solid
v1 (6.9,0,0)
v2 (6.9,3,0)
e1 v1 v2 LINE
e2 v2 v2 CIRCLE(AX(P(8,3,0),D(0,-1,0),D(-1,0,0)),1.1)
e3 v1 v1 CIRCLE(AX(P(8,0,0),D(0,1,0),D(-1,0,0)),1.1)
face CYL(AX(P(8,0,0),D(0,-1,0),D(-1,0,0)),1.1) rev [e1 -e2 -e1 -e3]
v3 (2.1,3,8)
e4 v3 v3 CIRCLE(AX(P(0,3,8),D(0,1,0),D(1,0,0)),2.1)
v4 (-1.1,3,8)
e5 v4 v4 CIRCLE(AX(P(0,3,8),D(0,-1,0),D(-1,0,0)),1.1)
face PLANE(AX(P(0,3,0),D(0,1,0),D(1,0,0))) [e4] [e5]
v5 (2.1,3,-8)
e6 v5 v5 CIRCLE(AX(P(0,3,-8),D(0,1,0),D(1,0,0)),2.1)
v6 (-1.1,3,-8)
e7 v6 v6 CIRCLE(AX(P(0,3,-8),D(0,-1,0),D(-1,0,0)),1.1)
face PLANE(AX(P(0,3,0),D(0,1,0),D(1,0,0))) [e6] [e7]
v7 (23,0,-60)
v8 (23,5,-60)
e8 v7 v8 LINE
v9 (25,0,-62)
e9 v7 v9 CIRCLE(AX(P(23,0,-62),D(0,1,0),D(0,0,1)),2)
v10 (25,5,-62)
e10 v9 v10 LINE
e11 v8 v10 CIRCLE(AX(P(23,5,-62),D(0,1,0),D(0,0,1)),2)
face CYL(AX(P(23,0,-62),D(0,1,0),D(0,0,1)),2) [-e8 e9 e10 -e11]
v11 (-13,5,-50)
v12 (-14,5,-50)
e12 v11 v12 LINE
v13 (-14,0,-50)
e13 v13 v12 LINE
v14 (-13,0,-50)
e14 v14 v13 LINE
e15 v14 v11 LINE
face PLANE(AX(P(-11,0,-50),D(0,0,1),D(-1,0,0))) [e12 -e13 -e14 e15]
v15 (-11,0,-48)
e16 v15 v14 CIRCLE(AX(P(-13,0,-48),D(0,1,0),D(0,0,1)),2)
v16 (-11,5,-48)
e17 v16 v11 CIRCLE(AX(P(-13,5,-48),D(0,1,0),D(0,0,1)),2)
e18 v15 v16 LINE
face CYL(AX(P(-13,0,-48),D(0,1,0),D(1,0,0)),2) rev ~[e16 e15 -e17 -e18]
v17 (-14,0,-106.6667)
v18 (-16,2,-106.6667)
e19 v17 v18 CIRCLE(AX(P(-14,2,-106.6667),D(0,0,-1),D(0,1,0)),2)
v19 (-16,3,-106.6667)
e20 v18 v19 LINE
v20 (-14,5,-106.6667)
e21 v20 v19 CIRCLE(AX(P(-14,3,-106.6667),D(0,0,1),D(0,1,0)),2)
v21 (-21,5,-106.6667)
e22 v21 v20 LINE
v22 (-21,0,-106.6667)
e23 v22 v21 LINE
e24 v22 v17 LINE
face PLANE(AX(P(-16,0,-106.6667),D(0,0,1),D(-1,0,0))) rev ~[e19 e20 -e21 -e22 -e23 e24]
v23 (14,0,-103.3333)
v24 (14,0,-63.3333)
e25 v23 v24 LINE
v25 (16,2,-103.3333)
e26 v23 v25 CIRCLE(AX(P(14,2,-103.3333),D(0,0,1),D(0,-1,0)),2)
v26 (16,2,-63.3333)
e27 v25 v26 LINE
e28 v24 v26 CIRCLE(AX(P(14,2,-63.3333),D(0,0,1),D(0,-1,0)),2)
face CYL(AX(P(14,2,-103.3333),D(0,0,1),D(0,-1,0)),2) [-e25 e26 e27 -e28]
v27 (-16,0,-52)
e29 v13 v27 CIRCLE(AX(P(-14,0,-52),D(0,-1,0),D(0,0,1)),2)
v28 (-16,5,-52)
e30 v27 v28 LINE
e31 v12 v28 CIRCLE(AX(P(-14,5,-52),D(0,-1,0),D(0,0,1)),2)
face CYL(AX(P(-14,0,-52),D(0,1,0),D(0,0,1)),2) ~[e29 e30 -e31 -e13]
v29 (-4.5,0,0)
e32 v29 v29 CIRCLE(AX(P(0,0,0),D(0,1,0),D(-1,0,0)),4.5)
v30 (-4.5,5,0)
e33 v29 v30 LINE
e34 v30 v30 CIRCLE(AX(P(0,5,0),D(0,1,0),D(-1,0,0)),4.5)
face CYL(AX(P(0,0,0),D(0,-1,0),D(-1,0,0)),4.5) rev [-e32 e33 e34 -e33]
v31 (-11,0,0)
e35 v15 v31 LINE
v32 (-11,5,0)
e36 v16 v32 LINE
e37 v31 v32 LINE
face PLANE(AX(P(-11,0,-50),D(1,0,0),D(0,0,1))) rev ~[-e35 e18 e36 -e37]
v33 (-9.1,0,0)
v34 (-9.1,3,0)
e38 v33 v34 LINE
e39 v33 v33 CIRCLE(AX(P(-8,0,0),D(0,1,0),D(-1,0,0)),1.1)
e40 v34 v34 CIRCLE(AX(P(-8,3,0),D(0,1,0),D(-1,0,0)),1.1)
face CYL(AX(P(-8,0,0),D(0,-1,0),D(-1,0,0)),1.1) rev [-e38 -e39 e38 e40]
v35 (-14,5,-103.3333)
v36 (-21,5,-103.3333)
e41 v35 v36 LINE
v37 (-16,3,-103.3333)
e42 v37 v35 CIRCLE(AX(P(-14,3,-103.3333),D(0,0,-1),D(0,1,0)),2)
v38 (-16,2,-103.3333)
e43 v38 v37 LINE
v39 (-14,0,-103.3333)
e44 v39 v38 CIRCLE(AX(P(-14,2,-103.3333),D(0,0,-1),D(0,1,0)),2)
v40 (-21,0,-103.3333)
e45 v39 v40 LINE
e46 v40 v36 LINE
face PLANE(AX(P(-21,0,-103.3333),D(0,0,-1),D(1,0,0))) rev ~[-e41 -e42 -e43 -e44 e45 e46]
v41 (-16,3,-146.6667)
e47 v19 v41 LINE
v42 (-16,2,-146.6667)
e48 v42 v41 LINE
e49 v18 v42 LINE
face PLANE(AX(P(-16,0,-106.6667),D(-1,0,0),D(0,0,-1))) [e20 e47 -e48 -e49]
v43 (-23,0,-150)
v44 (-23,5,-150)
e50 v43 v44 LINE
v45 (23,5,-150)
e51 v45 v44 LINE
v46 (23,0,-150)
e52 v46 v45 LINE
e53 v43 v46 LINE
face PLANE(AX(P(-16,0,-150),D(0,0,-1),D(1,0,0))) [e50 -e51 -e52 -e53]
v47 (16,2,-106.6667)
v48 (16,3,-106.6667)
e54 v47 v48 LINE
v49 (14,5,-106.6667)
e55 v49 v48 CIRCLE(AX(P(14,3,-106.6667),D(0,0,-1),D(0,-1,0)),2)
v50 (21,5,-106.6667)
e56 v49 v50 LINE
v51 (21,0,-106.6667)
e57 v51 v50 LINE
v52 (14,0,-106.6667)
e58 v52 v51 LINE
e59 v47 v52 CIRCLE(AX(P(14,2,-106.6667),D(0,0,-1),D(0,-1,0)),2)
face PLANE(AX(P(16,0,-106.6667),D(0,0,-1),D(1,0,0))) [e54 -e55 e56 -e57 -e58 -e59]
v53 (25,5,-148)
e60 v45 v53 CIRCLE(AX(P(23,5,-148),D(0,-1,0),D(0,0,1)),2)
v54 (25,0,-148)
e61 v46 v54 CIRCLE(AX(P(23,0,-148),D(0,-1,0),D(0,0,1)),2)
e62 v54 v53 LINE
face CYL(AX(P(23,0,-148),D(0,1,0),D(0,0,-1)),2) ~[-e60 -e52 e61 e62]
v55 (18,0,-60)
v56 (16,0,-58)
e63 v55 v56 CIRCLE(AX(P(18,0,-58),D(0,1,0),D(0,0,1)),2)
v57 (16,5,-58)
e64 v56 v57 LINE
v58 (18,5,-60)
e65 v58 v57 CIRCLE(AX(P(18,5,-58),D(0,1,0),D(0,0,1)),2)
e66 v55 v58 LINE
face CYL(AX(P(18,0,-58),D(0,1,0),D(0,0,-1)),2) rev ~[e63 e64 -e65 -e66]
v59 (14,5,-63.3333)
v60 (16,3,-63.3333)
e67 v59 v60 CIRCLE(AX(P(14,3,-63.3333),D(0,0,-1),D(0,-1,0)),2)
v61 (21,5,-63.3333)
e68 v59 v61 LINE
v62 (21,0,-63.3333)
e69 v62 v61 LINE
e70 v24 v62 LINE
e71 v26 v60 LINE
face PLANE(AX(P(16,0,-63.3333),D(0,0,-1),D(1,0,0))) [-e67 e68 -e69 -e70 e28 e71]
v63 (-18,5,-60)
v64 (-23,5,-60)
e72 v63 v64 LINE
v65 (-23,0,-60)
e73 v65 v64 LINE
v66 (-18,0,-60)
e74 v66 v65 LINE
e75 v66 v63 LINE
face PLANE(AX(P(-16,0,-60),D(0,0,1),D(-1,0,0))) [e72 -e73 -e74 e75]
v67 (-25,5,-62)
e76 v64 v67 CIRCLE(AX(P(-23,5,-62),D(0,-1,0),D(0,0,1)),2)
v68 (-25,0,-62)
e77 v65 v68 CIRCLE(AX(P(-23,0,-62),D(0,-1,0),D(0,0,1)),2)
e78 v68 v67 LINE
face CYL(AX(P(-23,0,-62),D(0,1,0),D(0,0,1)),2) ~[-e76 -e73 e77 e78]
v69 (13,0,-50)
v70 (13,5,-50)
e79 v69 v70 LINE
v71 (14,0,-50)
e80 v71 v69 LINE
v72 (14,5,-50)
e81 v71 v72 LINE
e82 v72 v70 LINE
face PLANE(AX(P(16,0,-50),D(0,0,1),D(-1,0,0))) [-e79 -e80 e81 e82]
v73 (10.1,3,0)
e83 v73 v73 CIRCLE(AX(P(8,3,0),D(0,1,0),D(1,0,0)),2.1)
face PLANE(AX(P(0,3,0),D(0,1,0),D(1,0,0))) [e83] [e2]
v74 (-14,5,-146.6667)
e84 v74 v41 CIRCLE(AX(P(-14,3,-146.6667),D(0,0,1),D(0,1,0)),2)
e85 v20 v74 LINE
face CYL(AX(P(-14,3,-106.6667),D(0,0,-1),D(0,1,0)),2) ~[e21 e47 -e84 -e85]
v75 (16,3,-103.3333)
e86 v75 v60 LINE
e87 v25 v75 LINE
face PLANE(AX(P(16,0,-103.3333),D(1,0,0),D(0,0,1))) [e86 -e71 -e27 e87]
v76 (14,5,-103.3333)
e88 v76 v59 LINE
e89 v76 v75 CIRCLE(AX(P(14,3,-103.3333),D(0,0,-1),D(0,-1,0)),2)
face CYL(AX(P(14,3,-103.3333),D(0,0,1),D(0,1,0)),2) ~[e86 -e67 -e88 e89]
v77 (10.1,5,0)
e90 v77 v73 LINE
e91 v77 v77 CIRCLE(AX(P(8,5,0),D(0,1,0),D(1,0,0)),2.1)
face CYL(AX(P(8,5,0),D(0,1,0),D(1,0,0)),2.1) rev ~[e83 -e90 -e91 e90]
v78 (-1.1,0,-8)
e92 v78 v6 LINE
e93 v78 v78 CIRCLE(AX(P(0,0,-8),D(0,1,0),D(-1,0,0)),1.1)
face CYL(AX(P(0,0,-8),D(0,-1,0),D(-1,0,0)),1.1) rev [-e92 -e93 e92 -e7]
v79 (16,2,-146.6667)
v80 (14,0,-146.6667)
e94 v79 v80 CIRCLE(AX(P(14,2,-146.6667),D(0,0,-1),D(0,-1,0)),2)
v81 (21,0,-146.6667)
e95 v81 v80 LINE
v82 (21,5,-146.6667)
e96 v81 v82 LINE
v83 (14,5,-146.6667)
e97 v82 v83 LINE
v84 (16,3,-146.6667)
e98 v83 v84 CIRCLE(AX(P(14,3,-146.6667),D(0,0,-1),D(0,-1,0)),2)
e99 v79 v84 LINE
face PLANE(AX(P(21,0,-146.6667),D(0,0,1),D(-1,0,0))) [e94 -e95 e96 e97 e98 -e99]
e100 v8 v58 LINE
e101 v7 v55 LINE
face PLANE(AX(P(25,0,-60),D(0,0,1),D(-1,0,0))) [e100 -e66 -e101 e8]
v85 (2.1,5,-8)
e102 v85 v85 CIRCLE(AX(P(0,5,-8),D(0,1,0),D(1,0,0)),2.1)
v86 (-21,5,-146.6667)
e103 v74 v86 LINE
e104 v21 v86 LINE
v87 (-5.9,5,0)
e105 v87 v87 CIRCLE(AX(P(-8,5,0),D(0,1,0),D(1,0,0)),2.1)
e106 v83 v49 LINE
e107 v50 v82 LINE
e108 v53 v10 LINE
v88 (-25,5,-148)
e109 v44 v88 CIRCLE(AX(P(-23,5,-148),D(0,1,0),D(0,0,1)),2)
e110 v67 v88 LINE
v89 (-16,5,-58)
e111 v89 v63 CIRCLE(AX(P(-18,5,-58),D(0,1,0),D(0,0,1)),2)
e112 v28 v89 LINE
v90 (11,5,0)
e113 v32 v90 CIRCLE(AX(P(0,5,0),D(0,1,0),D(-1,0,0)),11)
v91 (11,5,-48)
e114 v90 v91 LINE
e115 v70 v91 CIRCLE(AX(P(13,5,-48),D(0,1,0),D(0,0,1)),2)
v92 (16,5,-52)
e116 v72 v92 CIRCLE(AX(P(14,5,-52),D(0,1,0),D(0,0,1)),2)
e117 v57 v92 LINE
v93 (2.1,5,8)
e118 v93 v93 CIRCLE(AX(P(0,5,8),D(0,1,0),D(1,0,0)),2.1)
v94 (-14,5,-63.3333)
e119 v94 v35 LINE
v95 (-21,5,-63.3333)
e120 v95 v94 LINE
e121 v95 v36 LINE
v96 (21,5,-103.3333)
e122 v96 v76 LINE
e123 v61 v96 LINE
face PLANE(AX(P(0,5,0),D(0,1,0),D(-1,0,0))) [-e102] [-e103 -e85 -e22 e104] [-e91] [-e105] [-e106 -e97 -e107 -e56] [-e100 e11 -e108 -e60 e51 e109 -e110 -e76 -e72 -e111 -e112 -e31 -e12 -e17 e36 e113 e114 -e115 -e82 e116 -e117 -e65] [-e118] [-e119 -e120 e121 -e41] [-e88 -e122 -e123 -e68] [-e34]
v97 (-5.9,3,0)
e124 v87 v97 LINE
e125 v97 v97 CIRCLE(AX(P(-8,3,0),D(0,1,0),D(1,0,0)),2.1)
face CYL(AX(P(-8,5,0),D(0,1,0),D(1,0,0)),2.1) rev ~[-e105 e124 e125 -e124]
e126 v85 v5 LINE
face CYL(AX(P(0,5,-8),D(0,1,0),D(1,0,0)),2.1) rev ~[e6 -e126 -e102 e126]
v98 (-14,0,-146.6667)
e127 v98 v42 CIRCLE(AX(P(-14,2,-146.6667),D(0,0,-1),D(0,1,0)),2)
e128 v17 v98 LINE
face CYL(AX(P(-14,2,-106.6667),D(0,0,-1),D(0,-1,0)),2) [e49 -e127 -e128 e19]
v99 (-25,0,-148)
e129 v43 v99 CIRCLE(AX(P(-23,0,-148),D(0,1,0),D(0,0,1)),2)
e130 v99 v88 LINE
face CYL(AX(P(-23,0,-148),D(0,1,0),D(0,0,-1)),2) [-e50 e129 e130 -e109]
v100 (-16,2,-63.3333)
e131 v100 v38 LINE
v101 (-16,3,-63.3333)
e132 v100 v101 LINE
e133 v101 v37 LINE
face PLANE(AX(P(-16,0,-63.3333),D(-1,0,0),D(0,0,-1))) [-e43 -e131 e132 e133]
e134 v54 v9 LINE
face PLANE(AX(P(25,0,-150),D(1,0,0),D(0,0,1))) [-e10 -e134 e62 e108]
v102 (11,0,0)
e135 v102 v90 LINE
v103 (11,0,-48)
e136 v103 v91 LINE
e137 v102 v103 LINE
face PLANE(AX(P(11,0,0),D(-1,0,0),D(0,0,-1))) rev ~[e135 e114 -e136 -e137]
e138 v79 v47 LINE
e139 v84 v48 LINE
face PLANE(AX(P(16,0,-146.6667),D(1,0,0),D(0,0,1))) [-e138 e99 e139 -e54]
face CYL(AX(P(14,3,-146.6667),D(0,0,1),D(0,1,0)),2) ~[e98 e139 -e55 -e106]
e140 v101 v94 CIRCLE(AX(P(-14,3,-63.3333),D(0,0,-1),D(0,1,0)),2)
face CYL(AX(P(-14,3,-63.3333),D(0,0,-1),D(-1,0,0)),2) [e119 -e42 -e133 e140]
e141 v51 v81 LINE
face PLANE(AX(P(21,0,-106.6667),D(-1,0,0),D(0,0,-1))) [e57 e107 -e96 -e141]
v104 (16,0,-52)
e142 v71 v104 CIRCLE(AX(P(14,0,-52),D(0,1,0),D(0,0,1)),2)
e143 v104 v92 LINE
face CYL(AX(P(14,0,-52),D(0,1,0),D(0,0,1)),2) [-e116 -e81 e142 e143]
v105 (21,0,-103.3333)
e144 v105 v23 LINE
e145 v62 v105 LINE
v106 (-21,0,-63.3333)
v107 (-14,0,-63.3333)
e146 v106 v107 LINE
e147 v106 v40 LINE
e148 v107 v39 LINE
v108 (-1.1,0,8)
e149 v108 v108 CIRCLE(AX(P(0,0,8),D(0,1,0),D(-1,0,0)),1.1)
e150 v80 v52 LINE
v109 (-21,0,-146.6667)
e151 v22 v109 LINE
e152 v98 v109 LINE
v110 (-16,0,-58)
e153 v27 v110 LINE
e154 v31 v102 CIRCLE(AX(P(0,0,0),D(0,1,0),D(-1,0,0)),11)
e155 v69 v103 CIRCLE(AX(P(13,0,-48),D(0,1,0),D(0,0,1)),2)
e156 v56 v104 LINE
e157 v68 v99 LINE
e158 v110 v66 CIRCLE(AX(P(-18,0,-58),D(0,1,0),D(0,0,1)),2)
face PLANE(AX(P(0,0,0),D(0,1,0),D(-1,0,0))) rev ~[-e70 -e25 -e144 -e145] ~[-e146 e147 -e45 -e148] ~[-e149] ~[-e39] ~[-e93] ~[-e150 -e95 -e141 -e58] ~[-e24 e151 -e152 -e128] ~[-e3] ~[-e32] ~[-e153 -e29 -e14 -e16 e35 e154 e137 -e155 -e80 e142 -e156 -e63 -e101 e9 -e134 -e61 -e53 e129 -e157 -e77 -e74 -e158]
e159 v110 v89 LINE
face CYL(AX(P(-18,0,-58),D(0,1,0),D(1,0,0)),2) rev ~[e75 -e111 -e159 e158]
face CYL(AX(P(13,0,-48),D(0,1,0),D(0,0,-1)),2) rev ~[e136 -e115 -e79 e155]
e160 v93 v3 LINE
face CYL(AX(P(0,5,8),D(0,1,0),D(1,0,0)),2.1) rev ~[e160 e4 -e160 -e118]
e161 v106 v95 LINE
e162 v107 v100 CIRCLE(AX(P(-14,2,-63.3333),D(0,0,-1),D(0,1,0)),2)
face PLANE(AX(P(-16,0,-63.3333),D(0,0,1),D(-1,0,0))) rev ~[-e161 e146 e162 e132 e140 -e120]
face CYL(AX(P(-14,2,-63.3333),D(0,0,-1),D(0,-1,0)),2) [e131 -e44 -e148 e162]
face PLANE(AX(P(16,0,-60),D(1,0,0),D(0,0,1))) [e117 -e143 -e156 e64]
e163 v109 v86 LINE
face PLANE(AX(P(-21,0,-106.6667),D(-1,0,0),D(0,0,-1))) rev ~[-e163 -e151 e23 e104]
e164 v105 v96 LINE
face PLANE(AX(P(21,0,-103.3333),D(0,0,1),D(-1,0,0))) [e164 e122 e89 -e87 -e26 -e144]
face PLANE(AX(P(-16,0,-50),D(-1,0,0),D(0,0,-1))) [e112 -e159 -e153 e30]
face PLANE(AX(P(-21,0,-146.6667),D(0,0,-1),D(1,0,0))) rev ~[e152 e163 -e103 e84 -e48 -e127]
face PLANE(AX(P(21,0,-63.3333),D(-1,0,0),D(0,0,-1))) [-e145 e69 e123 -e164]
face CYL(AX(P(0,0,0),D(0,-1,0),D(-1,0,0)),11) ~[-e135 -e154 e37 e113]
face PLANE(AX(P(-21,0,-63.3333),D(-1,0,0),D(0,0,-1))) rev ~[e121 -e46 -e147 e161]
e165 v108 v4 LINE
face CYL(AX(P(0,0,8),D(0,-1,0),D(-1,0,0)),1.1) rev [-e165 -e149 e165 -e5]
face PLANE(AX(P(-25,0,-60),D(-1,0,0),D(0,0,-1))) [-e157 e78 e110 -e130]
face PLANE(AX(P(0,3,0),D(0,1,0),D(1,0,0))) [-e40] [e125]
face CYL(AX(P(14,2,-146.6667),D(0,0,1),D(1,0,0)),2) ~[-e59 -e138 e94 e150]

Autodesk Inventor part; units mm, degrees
ref_plane "YZ Plane" through (0, 0, 0) normal (1, 0, 0) x (0, 1, 0)
ref_plane "XZ Plane" through (0, 0, 0) normal (0, 1, 0) x (-1, 0, 0)
ref_plane "XY Plane" through (0, 0, 0) normal (0, 0, 1) x (1, 0, 0)
sketch "스케치1" plane through (0, 0, 0) normal (0, 1, 0) x (-1, 0, 0)
  circle A0 centre (0, 0) radius 11
  circle A1 centre (0, -8) radius 1.1
  circle A2 centre (0, 0) radius 11
  circle A3 centre (8, 0) radius 1.1
  circle A4 centre (0, 0) radius 11
  circle A5 centre (0, 8) radius 1.1
  circle A6 centre (0, 0) radius 11
  circle A7 centre (-8, 0) radius 1.1
  line L0 (-11, 0) -> (-11, -150)
  line L1 (-11, -150) -> (11, -150)
  line L2 (11, -150) -> (11, 0)
  line L3 (16, -150) -> (-16, -150)
  line L4 (-16, -150) -> (-16, -50)
  line L5 (-16, -50) -> (16, -50)
  line L6 (16, -50) -> (16, -150)
  arc A8 (-11, 0) -> (11, 0) centre (0, 0) ccw
  circle A9 centre (0, 0) radius 4.5
  line L7 (25, -150) -> (-25, -150)
  line L8 (-25, -150) -> (-25, -60)
  line L9 (-25, -60) -> (25, -60)
  line L10 (25, -60) -> (25, -150)
  line L11 (16, -63.3333) -> (21, -63.3333)
  line L12 (21, -63.3333) -> (21, -103.3333)
  line L13 (21, -103.3333) -> (16, -103.3333)
  line L14 (16, -103.3333) -> (16, -63.3333)
  line L15 (16, -106.6667) -> (21, -106.6667)
  line L16 (21, -106.6667) -> (21, -146.6667)
  line L17 (21, -146.6667) -> (16, -146.6667)
  line L18 (16, -146.6667) -> (16, -106.6667)
  line L19 (-16, -63.3333) -> (-21, -63.3333)
  line L20 (-21, -63.3333) -> (-21, -103.3333)
  line L21 (-21, -103.3333) -> (-16, -103.3333)
  line L22 (-16, -103.3333) -> (-16, -63.3333)
  line L23 (-16, -106.6667) -> (-21, -106.6667)
  line L24 (-21, -106.6667) -> (-21, -146.6667)
  line L25 (-21, -146.6667) -> (-16, -146.6667)
  line L26 (-16, -146.6667) -> (-16, -106.6667)
  dimension "d1" = 2.2
  dimension "d5" = 360
  dimension "d7" = 150
  dimension "d8" = 32
  dimension "d9" = 100
  dimension "d24" = 9
  dimension "d26" = 50
  dimension "d27" = 90
  dimension "d28" = 9
  dimension "d29" = 5
  dimension "d30" = 40
  dimension "d31" = 5
  dimension "d32" = 40
  dimension "d33" = 3.3333
  dimension "d34" = 3.3333
  dimension "d35" = 5
  dimension "d36" = 40
  dimension "d37" = 5
  dimension "d38" = 40
  dimension "d39" = 3.3333
  dimension "d40" = 3.3333
extrude "돌출1" add sketch "스케치1" along normal blind 5 contours A0 | L2 L5 L0 A0 | L5 L6 L9 L2 | L2 L9 L0 L5 | L0 L9 L4 L5 | L9 L6 L3 L2 | L2 L1 L0 L9 | L0 L3 L4 L9 | L9 L10 L7 L6 L17 L16 L15 L13 L12 L11 | L4 L19 L20 L21 L23 L24 L25 L7 L8 L9
fillet "모깎기1" radius 2 18 edges at (16, 5, -83.3333) (16, 5, -126.6667) (16, 0, -126.6667) (16, 0, -83.3333) (-16, 5, -83.3333) (-16, 5, -126.6667) (16, 2.5, -50) (25, 2.5, -60) (16, 2.5, -60) (11, 2.5, -50) (-11, 2.5, -50) (-16, 2.5, -50) (-16, 2.5, -60) (-25, 2.5, -60) (-16, 0, -83.3333) (-16, 0, -126.6667) (25, 2.5, -150) (-25, 2.5, -150)
sketch "스케치2" plane through (0, 5, 0) normal (0, 1, 0) x (1, 0, 0)
  circle A0 centre (-8, 0) radius 1.1 projected
  circle A1 centre (-8, 0) radius 2.1
  circle A2 centre (0, -8) radius 2.1
  circle A3 centre (8, 0) radius 2.1
  circle A4 centre (0, 8) radius 2.1
  point P0 (0, 0)
  dimension "d42" = 4.2
  dimension "d45" = 360
extrude "돌출2" cut sketch "스케치2" against normal blind 2
equation "\"d28\" = -0.5 * d8 + 0.5 * d26"
equation "\"d31\" = d29"
equation "\"d32\" = d30"
equation "\"d33\" = -0.333333 * d30 + 0.333333 * d27 - 0.333333 * d32"
equation "\"d34\" = -0.333333 * d30 + 0.333333 * d27 - 0.333333 * d32"
equation "\"d35\" = d29"
equation "\"d36\" = d30"
equation "\"d37\" = d29"
equation "\"d38\" = d30"
equation "\"d39\" = -0.333333 * d30 + 0.333333 * d27 - 0.333333 * d32"
equation "\"d40\" = -0.333333 * d30 + 0.333333 * d27 - 0.333333 * d32"
properties part number "arm2"
